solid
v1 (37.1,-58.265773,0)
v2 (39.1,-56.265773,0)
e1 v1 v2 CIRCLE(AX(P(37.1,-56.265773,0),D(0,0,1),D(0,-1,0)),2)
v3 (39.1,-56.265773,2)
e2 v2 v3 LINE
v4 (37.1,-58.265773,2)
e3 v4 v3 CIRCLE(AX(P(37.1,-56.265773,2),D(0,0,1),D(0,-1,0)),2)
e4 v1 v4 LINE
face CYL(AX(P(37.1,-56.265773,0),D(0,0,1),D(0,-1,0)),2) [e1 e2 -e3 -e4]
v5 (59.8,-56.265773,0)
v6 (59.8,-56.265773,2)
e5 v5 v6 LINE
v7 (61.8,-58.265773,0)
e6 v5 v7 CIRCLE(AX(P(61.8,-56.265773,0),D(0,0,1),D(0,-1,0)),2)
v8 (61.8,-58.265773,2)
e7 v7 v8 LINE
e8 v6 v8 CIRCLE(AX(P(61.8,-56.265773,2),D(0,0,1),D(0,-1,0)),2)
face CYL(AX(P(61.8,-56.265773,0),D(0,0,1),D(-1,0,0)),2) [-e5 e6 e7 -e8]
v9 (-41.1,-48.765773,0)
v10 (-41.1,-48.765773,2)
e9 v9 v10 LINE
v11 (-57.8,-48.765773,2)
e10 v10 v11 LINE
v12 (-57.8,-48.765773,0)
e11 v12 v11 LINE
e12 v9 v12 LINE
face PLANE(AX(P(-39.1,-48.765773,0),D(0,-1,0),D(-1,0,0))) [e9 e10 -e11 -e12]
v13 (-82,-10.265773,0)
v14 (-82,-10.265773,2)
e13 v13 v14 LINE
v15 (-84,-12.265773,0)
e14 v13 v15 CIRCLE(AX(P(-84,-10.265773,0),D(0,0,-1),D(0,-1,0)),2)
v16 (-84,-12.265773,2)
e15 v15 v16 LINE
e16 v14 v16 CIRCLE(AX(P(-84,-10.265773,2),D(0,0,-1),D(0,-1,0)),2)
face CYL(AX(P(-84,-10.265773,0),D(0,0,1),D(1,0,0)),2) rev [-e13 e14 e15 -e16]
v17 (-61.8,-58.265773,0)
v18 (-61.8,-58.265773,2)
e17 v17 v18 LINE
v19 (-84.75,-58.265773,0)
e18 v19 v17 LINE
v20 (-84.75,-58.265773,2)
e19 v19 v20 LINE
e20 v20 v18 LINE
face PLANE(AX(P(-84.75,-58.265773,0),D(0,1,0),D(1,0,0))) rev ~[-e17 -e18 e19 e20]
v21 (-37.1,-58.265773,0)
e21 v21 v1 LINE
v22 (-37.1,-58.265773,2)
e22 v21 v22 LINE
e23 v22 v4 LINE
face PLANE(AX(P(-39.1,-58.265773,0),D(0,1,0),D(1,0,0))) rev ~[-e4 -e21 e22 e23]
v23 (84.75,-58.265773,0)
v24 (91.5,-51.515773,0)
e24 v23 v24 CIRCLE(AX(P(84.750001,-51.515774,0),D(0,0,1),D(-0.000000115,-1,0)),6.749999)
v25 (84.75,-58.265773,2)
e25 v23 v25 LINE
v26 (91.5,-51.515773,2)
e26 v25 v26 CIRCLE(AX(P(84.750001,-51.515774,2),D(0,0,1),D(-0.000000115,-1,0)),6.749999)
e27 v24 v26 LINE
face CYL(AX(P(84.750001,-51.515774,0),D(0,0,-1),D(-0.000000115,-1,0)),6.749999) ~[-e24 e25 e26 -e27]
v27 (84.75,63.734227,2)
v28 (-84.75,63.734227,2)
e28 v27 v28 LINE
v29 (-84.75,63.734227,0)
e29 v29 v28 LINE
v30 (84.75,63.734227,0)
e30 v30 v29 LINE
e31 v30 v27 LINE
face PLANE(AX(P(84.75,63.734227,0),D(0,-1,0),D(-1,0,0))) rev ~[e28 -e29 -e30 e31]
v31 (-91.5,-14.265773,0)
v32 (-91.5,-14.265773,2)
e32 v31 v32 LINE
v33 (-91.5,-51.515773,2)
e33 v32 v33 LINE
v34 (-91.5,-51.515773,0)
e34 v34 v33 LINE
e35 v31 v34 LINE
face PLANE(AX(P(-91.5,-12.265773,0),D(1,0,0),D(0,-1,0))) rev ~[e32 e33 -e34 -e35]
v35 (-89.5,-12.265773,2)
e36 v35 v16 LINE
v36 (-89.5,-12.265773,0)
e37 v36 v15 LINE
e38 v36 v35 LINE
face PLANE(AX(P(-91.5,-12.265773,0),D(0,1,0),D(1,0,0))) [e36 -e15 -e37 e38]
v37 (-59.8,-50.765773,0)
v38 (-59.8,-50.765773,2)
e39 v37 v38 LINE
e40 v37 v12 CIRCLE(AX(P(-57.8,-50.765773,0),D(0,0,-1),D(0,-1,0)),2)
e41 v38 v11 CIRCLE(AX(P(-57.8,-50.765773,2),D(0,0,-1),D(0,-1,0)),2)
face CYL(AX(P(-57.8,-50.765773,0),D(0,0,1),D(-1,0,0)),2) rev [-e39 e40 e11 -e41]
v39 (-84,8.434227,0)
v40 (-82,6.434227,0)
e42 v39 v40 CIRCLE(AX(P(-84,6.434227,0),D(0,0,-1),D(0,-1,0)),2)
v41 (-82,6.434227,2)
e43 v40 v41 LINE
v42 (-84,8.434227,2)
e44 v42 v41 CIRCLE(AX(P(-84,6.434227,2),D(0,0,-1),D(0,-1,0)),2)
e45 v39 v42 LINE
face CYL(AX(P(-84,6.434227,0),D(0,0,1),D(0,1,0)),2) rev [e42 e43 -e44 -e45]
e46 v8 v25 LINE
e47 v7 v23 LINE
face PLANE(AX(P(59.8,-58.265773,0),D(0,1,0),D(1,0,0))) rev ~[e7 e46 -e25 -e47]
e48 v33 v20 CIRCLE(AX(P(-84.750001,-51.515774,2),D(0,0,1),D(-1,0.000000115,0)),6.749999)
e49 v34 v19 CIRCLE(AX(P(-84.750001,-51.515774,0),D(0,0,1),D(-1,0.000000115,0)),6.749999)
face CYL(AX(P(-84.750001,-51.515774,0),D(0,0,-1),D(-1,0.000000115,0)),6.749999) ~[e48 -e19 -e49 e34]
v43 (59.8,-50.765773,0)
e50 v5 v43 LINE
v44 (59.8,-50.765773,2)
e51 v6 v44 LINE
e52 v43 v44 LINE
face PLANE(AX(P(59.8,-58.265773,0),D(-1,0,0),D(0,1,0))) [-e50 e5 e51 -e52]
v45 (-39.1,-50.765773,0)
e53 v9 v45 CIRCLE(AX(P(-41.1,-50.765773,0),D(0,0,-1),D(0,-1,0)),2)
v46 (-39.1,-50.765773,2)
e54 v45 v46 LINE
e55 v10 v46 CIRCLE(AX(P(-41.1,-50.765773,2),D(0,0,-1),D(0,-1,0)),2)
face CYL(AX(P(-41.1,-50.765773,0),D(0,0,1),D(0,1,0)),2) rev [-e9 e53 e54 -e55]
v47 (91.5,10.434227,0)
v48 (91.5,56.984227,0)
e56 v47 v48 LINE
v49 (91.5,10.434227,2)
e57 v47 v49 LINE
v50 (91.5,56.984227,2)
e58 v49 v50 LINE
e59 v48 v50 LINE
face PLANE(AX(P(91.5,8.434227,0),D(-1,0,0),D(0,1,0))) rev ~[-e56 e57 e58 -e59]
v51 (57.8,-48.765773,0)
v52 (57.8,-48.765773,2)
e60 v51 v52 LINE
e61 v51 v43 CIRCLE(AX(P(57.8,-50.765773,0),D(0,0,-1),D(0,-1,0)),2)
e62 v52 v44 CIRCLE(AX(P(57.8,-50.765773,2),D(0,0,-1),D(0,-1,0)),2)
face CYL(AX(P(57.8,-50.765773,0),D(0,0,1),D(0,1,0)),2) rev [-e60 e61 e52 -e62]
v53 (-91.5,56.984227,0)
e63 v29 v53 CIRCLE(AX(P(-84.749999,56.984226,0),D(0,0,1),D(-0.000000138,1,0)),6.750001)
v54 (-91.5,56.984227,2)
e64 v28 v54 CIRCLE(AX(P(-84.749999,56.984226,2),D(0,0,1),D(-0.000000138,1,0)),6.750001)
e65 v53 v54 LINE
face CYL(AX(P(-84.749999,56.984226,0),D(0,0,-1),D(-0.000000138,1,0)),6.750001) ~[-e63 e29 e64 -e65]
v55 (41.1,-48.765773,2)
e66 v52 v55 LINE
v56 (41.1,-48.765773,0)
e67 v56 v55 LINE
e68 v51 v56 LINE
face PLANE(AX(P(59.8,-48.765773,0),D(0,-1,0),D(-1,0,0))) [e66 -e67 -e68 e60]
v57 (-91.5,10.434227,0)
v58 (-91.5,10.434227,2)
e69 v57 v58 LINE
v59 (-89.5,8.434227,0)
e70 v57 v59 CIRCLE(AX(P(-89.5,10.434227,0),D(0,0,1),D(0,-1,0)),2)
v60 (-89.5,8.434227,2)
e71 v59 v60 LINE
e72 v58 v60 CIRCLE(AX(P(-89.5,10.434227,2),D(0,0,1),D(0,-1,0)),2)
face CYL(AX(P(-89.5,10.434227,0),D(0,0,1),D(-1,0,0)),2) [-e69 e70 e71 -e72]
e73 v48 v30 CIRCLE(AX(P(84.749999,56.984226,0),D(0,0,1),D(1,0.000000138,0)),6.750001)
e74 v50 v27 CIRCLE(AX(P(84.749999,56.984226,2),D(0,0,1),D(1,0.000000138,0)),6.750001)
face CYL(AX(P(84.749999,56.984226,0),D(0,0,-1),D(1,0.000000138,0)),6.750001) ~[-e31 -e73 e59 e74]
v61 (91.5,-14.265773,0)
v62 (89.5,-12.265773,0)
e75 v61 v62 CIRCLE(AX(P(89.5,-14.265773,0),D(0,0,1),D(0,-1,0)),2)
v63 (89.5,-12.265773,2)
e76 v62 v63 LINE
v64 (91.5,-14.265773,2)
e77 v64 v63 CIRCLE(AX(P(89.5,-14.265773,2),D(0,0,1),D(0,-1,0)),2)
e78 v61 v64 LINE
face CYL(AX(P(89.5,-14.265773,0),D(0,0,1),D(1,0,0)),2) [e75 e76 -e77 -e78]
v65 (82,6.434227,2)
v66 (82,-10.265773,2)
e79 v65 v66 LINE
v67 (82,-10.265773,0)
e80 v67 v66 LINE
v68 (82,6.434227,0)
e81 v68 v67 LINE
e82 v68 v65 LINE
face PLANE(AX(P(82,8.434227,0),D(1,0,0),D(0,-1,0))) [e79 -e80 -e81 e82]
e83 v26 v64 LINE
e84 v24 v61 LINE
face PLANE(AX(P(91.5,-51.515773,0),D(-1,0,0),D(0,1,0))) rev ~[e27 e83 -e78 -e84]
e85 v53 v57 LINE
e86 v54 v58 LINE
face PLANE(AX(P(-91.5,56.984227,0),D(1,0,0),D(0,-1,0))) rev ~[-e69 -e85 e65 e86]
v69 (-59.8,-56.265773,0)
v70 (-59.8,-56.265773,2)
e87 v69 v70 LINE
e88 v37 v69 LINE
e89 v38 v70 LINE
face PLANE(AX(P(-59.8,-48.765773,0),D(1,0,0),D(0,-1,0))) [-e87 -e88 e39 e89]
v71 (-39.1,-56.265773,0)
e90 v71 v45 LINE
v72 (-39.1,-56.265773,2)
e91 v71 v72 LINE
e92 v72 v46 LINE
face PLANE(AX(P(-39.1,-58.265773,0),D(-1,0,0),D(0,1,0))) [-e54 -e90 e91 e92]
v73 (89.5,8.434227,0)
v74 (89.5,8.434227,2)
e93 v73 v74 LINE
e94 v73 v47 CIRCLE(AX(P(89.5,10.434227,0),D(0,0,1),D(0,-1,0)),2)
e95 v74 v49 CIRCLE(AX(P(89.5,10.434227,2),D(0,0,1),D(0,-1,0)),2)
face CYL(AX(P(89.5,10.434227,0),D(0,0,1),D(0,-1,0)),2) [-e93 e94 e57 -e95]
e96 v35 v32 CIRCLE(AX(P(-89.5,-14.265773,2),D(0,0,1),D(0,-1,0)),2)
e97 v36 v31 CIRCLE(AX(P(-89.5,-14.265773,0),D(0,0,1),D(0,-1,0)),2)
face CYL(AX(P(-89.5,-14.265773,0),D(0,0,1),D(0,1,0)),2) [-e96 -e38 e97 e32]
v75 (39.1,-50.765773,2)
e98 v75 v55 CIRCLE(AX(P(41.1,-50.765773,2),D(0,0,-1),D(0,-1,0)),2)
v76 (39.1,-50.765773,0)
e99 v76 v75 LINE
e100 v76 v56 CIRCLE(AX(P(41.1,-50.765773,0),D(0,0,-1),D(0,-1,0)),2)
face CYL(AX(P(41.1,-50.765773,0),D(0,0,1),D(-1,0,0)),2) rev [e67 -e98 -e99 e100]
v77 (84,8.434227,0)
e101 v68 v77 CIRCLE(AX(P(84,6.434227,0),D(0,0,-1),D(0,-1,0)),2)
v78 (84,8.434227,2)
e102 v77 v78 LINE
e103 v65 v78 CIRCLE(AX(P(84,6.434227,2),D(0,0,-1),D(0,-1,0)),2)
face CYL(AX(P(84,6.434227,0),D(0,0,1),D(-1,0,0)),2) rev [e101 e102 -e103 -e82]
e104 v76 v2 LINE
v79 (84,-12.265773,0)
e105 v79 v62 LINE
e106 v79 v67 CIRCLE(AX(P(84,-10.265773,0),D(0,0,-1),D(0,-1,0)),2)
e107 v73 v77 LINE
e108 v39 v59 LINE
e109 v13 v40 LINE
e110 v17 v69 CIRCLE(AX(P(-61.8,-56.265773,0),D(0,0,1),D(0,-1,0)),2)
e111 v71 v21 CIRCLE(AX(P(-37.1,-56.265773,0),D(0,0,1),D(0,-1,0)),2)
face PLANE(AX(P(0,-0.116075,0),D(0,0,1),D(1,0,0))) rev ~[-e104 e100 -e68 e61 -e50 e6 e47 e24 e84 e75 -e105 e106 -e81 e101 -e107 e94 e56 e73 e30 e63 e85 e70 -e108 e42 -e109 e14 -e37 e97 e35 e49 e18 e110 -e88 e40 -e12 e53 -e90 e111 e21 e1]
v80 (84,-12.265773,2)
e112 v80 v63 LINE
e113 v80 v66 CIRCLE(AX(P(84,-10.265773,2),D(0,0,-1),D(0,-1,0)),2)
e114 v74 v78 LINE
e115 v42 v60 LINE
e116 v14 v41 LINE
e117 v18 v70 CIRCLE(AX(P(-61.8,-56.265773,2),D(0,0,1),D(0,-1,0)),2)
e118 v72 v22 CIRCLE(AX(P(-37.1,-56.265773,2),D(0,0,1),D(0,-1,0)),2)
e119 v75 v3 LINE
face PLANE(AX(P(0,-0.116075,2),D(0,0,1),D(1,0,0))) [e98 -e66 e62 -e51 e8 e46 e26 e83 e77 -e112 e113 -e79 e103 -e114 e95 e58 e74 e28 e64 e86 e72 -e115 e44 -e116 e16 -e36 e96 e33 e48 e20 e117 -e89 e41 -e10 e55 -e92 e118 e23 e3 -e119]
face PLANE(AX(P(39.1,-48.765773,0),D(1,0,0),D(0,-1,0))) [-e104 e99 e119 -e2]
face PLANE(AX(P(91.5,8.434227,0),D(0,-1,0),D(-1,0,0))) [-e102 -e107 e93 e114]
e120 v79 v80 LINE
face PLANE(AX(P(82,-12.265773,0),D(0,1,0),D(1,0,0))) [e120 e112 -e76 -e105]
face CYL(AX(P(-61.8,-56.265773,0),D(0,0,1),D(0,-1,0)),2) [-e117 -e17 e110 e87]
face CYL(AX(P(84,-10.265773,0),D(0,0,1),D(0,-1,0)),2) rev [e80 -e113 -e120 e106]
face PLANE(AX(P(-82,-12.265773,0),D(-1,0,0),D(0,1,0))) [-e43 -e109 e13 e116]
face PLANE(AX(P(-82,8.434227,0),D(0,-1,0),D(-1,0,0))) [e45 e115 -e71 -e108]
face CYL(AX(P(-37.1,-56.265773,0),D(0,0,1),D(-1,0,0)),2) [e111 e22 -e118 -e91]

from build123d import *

# Parameters (mm, degrees)
PAD_DEPTH = 2
FILLET_R  = 2


with BuildPart() as part:
    # Sketch → Pad (new body)
    with BuildSketch(Plane.XY):
        with BuildLine():
            Line((-91.5, 56.984227), (-91.5, 8.434227))
            Line((-82, 8.434227), (-91.5, 8.434227))
            Line((-82, -12.265773), (-82, 8.434227))
            Line((-91.5, -12.265773), (-82, -12.265773))
            Line((-91.5, -12.265773), (-91.5, -51.515773))
            ThreePointArc((-91.5, -51.515773), (-89.522971, -56.288744), (-84.75, -58.265773))
            Line((-84.75, -58.265773), (-59.8, -58.265773))
            Line((-59.8, -48.765773), (-59.8, -58.265773))
            Line((-39.1, -48.765773), (-59.8, -48.765773))
            Line((-39.1, -58.265773), (-39.1, -48.765773))
            Line((-39.1, -58.265773), (39.1, -58.265773))
            Line((39.1, -48.765773), (39.1, -58.265773))
            Line((59.8, -48.765773), (39.1, -48.765773))
            Line((59.8, -58.265773), (59.8, -48.765773))
            Line((59.8, -58.265773), (84.75, -58.265773))
            ThreePointArc((84.75, -58.265773), (89.522971, -56.288744), (91.5, -51.515773))
            Line((91.5, -51.515773), (91.5, -12.265773))
            Line((82, -12.265773), (91.5, -12.265773))
            Line((82, 8.434227), (82, -12.265773))
            Line((91.5, 8.434227), (82, 8.434227))
            Line((91.5, 8.434227), (91.5, 56.984227))
            ThreePointArc((91.5, 56.984227), (89.522971, 61.757197), (84.75, 63.734227))
            Line((84.75, 63.734227), (-84.75, 63.734227))
            ThreePointArc((-84.75, 63.734227), (-89.522971, 61.757197), (-91.5, 56.984227))
        make_face()
    extrude(amount=PAD_DEPTH)

    # Fillet
    fillet_edges = [part.edges().sort_by_distance(p)[0] for p in [
        (-82, 8.434227, 1),
        (-91.5, 8.434227, 1),
        (-82, -12.265773, 1),
        (-91.5, -12.265773, 1),
        (-39.1, -48.765773, 1),
        (-59.8, -48.765773, 1),
        (39.1, -48.765773, 1),
        (-59.8, -58.265773, 1),
        (-39.1, -58.265773, 1),
        (39.1, -58.265773, 1),
        (59.8, -48.765773, 1),
        (59.8, -58.265773, 1),
        (82, 8.434227, 1),
        (91.5, 8.434227, 1),
        (91.5, -12.265773, 1),
        (82, -12.265773, 1),
    ]]
    fillet(fillet_edges, radius=FILLET_R)


solid = part.part
